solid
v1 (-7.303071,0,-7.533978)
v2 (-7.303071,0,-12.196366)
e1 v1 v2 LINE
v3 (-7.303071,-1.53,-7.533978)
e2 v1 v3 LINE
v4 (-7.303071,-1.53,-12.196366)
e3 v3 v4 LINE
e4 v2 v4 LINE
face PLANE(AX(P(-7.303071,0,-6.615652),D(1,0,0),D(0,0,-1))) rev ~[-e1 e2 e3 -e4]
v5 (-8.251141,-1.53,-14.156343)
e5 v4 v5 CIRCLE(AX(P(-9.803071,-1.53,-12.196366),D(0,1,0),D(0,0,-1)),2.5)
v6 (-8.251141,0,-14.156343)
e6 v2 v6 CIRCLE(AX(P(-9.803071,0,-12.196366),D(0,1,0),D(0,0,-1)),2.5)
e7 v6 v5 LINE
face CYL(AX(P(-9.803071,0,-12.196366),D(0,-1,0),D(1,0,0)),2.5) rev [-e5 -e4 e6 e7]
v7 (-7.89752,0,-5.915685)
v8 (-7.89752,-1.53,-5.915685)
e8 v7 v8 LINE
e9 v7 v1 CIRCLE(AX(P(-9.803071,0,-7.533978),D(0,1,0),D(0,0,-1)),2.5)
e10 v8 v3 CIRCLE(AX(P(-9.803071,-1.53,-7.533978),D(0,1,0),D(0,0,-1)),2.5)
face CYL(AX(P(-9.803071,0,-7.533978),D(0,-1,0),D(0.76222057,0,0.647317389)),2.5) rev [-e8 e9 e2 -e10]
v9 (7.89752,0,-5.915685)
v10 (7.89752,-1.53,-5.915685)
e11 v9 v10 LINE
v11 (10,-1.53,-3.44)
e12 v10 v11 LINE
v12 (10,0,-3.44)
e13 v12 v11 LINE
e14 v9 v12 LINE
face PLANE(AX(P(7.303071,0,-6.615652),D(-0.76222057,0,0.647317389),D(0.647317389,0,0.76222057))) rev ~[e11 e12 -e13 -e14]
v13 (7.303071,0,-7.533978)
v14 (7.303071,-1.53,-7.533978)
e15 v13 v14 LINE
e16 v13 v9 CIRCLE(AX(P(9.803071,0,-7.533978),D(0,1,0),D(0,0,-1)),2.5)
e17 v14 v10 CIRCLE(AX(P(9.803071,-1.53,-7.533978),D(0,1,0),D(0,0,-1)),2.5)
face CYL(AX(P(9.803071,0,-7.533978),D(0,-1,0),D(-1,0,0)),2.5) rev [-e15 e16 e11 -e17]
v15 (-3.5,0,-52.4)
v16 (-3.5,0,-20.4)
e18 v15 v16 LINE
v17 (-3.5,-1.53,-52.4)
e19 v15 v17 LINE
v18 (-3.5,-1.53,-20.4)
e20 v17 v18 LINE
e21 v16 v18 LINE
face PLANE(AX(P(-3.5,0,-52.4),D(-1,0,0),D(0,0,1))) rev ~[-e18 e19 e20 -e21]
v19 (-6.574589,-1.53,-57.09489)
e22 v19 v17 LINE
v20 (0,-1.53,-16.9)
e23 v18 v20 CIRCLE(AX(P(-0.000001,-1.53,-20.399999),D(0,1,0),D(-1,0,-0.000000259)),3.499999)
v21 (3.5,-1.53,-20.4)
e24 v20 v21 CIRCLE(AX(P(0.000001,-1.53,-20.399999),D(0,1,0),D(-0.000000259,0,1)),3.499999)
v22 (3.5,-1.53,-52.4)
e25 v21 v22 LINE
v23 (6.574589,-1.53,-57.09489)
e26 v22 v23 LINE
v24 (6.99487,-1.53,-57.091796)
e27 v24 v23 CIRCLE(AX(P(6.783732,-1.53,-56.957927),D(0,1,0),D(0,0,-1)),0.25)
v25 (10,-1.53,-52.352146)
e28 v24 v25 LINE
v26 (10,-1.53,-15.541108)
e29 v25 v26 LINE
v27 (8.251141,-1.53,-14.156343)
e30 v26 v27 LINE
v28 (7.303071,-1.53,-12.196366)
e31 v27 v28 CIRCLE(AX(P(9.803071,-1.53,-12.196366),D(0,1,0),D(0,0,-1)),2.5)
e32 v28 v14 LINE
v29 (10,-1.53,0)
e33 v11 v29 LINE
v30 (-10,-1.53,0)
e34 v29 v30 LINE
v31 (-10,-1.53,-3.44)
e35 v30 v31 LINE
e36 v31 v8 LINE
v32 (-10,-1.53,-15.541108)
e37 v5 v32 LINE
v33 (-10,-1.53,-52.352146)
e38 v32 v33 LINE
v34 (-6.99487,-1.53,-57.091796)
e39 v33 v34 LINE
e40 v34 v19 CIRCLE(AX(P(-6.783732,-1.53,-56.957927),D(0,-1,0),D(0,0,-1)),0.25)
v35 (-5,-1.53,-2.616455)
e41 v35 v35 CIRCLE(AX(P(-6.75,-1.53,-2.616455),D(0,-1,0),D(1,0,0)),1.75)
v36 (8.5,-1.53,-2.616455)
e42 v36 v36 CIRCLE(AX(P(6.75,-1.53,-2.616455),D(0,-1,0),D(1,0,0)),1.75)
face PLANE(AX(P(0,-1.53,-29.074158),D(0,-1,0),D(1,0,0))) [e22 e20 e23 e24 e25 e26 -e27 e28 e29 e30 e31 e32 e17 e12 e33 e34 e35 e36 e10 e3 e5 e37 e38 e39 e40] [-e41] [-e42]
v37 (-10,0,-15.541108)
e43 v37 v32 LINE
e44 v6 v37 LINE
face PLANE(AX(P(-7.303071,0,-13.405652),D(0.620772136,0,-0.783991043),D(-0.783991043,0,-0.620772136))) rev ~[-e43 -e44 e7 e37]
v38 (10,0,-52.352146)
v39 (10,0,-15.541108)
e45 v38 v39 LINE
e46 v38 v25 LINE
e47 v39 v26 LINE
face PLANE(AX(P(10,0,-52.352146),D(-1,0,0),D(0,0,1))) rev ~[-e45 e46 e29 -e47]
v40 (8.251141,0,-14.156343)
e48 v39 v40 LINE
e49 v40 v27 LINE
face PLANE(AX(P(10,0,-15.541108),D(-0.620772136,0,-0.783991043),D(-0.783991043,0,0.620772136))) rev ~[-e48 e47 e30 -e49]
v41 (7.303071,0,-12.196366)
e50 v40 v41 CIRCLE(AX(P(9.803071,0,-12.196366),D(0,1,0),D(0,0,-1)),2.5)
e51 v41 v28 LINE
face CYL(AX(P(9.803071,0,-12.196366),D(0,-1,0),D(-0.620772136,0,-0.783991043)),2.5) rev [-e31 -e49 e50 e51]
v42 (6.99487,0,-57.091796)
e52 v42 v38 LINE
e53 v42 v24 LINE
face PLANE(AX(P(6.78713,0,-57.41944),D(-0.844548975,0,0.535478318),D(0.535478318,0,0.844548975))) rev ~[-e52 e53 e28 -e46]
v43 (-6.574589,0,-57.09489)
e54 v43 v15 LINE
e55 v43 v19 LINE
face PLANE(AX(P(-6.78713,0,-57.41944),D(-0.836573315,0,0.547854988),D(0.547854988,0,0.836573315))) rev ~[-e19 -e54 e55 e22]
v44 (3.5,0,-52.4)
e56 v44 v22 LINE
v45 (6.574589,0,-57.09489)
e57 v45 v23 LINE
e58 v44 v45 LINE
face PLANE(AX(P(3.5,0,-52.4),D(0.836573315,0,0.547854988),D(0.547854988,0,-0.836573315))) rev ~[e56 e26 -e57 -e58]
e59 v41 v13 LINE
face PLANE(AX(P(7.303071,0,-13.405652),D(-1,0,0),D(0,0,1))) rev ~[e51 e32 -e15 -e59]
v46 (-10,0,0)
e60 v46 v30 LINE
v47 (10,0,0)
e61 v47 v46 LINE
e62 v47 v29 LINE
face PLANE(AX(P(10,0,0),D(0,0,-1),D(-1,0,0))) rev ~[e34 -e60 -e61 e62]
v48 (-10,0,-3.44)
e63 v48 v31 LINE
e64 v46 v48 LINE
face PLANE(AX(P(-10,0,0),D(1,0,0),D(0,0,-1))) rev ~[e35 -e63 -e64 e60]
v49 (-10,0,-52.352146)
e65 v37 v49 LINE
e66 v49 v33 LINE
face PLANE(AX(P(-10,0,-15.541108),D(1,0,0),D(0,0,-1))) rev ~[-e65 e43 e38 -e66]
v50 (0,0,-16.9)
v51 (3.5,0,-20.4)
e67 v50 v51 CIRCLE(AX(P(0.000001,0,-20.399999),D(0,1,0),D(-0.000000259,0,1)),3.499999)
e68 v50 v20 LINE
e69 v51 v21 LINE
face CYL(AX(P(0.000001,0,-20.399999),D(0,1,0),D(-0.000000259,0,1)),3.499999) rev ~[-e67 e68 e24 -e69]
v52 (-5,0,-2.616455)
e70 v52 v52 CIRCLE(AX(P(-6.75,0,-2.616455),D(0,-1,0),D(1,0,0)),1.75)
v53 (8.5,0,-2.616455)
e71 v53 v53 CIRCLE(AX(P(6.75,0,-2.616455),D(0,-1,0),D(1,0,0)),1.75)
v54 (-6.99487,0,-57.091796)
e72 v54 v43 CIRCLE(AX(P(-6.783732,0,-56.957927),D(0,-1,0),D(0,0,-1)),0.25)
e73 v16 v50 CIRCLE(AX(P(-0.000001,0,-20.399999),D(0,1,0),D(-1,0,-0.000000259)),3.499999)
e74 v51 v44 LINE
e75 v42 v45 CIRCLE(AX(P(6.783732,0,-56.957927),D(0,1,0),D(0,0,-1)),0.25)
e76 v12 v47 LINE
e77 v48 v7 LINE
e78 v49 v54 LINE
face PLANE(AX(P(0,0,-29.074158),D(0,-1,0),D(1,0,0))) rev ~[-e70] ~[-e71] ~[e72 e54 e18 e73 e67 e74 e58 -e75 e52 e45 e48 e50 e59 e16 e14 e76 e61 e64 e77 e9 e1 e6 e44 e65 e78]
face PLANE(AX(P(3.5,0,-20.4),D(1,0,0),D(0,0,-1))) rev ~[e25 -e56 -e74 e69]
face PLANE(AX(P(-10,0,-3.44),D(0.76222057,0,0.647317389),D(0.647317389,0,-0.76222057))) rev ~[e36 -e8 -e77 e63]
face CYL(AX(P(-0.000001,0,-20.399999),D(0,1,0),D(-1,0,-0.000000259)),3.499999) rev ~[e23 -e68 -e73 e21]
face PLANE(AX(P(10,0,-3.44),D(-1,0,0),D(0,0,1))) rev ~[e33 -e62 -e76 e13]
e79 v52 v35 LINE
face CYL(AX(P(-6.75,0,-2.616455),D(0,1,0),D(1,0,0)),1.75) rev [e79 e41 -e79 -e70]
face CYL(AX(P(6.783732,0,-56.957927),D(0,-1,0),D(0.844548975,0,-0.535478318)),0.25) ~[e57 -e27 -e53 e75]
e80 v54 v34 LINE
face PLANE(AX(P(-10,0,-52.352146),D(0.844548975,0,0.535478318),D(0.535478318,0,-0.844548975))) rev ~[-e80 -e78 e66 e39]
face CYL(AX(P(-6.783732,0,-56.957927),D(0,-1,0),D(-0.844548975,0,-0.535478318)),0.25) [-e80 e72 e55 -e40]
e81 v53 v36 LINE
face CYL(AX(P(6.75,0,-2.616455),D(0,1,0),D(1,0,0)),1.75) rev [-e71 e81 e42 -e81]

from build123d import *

# Parameters (mm, degrees)
F0_R     = 1.75
F1_DEPTH = 1.53
F2_R     = 0.25
F3_R     = 2.5


with BuildPart() as f1:
    # F0 (on Front) → F1 (new body)
    with BuildSketch(Plane.XZ):
        with BuildLine():
            Line((10, 0), (0, 0))
            Line((0, 0), (-10, 0))
            Line((-10, 0), (-10, -3.44))
            Line((-10, -3.44), (-7.303071, -6.615652))
            Line((-7.303071, -6.615652), (-7.303071, -13.405652))
            Line((-7.303071, -13.405652), (-10, -15.541108))
            Line((-10, -15.541108), (-10, -52.352146))
            Line((-10, -52.352146), (-6.78713, -57.41944))
            Line((-6.78713, -57.41944), (-3.5, -52.4))
            Line((-3.5, -52.4), (-3.5, -20.4))
            ThreePointArc((-3.5, -20.4), (-2.474874, -17.925126), (0, -16.9))
            ThreePointArc((0, -16.9), (2.474874, -17.925126), (3.5, -20.4))
            Line((3.5, -20.4), (3.5, -52.4))
            Line((3.5, -52.4), (6.78713, -57.41944))
            Line((6.78713, -57.41944), (10, -52.352146))
            Line((10, -52.352146), (10, -15.541108))
            Line((10, -15.541108), (7.303071, -13.405652))
            Line((7.303071, -13.405652), (7.303071, -6.615652))
            Line((7.303071, -6.615652), (10, -3.44))
            Line((10, -3.44), (10, 0))
        make_face()
        with Locations((-6.75, -2.616455)):
            Circle(F0_R, mode=Mode.SUBTRACT)
        with Locations((6.75, -2.616455)):
            Circle(F0_R, mode=Mode.SUBTRACT)
    extrude(amount=F1_DEPTH)

    # F2
    f2_edges = [f1.edges().sort_by_distance(p)[0] for p in [
        (-6.78713, -0.765, -57.41944),
        (6.78713, -0.765, -57.41944),
    ]]
    fillet(f2_edges, radius=F2_R)

    # F3
    f3_edges = [f1.edges().sort_by_distance(p)[0] for p in [
        (-7.303071, -0.765, -13.405652),
        (-7.303071, -0.765, -6.615652),
        (7.303071, -0.765, -6.615652),
        (7.303071, -0.765, -13.405652),
    ]]
    fillet(f3_edges, radius=F3_R)


solid = f1.part
